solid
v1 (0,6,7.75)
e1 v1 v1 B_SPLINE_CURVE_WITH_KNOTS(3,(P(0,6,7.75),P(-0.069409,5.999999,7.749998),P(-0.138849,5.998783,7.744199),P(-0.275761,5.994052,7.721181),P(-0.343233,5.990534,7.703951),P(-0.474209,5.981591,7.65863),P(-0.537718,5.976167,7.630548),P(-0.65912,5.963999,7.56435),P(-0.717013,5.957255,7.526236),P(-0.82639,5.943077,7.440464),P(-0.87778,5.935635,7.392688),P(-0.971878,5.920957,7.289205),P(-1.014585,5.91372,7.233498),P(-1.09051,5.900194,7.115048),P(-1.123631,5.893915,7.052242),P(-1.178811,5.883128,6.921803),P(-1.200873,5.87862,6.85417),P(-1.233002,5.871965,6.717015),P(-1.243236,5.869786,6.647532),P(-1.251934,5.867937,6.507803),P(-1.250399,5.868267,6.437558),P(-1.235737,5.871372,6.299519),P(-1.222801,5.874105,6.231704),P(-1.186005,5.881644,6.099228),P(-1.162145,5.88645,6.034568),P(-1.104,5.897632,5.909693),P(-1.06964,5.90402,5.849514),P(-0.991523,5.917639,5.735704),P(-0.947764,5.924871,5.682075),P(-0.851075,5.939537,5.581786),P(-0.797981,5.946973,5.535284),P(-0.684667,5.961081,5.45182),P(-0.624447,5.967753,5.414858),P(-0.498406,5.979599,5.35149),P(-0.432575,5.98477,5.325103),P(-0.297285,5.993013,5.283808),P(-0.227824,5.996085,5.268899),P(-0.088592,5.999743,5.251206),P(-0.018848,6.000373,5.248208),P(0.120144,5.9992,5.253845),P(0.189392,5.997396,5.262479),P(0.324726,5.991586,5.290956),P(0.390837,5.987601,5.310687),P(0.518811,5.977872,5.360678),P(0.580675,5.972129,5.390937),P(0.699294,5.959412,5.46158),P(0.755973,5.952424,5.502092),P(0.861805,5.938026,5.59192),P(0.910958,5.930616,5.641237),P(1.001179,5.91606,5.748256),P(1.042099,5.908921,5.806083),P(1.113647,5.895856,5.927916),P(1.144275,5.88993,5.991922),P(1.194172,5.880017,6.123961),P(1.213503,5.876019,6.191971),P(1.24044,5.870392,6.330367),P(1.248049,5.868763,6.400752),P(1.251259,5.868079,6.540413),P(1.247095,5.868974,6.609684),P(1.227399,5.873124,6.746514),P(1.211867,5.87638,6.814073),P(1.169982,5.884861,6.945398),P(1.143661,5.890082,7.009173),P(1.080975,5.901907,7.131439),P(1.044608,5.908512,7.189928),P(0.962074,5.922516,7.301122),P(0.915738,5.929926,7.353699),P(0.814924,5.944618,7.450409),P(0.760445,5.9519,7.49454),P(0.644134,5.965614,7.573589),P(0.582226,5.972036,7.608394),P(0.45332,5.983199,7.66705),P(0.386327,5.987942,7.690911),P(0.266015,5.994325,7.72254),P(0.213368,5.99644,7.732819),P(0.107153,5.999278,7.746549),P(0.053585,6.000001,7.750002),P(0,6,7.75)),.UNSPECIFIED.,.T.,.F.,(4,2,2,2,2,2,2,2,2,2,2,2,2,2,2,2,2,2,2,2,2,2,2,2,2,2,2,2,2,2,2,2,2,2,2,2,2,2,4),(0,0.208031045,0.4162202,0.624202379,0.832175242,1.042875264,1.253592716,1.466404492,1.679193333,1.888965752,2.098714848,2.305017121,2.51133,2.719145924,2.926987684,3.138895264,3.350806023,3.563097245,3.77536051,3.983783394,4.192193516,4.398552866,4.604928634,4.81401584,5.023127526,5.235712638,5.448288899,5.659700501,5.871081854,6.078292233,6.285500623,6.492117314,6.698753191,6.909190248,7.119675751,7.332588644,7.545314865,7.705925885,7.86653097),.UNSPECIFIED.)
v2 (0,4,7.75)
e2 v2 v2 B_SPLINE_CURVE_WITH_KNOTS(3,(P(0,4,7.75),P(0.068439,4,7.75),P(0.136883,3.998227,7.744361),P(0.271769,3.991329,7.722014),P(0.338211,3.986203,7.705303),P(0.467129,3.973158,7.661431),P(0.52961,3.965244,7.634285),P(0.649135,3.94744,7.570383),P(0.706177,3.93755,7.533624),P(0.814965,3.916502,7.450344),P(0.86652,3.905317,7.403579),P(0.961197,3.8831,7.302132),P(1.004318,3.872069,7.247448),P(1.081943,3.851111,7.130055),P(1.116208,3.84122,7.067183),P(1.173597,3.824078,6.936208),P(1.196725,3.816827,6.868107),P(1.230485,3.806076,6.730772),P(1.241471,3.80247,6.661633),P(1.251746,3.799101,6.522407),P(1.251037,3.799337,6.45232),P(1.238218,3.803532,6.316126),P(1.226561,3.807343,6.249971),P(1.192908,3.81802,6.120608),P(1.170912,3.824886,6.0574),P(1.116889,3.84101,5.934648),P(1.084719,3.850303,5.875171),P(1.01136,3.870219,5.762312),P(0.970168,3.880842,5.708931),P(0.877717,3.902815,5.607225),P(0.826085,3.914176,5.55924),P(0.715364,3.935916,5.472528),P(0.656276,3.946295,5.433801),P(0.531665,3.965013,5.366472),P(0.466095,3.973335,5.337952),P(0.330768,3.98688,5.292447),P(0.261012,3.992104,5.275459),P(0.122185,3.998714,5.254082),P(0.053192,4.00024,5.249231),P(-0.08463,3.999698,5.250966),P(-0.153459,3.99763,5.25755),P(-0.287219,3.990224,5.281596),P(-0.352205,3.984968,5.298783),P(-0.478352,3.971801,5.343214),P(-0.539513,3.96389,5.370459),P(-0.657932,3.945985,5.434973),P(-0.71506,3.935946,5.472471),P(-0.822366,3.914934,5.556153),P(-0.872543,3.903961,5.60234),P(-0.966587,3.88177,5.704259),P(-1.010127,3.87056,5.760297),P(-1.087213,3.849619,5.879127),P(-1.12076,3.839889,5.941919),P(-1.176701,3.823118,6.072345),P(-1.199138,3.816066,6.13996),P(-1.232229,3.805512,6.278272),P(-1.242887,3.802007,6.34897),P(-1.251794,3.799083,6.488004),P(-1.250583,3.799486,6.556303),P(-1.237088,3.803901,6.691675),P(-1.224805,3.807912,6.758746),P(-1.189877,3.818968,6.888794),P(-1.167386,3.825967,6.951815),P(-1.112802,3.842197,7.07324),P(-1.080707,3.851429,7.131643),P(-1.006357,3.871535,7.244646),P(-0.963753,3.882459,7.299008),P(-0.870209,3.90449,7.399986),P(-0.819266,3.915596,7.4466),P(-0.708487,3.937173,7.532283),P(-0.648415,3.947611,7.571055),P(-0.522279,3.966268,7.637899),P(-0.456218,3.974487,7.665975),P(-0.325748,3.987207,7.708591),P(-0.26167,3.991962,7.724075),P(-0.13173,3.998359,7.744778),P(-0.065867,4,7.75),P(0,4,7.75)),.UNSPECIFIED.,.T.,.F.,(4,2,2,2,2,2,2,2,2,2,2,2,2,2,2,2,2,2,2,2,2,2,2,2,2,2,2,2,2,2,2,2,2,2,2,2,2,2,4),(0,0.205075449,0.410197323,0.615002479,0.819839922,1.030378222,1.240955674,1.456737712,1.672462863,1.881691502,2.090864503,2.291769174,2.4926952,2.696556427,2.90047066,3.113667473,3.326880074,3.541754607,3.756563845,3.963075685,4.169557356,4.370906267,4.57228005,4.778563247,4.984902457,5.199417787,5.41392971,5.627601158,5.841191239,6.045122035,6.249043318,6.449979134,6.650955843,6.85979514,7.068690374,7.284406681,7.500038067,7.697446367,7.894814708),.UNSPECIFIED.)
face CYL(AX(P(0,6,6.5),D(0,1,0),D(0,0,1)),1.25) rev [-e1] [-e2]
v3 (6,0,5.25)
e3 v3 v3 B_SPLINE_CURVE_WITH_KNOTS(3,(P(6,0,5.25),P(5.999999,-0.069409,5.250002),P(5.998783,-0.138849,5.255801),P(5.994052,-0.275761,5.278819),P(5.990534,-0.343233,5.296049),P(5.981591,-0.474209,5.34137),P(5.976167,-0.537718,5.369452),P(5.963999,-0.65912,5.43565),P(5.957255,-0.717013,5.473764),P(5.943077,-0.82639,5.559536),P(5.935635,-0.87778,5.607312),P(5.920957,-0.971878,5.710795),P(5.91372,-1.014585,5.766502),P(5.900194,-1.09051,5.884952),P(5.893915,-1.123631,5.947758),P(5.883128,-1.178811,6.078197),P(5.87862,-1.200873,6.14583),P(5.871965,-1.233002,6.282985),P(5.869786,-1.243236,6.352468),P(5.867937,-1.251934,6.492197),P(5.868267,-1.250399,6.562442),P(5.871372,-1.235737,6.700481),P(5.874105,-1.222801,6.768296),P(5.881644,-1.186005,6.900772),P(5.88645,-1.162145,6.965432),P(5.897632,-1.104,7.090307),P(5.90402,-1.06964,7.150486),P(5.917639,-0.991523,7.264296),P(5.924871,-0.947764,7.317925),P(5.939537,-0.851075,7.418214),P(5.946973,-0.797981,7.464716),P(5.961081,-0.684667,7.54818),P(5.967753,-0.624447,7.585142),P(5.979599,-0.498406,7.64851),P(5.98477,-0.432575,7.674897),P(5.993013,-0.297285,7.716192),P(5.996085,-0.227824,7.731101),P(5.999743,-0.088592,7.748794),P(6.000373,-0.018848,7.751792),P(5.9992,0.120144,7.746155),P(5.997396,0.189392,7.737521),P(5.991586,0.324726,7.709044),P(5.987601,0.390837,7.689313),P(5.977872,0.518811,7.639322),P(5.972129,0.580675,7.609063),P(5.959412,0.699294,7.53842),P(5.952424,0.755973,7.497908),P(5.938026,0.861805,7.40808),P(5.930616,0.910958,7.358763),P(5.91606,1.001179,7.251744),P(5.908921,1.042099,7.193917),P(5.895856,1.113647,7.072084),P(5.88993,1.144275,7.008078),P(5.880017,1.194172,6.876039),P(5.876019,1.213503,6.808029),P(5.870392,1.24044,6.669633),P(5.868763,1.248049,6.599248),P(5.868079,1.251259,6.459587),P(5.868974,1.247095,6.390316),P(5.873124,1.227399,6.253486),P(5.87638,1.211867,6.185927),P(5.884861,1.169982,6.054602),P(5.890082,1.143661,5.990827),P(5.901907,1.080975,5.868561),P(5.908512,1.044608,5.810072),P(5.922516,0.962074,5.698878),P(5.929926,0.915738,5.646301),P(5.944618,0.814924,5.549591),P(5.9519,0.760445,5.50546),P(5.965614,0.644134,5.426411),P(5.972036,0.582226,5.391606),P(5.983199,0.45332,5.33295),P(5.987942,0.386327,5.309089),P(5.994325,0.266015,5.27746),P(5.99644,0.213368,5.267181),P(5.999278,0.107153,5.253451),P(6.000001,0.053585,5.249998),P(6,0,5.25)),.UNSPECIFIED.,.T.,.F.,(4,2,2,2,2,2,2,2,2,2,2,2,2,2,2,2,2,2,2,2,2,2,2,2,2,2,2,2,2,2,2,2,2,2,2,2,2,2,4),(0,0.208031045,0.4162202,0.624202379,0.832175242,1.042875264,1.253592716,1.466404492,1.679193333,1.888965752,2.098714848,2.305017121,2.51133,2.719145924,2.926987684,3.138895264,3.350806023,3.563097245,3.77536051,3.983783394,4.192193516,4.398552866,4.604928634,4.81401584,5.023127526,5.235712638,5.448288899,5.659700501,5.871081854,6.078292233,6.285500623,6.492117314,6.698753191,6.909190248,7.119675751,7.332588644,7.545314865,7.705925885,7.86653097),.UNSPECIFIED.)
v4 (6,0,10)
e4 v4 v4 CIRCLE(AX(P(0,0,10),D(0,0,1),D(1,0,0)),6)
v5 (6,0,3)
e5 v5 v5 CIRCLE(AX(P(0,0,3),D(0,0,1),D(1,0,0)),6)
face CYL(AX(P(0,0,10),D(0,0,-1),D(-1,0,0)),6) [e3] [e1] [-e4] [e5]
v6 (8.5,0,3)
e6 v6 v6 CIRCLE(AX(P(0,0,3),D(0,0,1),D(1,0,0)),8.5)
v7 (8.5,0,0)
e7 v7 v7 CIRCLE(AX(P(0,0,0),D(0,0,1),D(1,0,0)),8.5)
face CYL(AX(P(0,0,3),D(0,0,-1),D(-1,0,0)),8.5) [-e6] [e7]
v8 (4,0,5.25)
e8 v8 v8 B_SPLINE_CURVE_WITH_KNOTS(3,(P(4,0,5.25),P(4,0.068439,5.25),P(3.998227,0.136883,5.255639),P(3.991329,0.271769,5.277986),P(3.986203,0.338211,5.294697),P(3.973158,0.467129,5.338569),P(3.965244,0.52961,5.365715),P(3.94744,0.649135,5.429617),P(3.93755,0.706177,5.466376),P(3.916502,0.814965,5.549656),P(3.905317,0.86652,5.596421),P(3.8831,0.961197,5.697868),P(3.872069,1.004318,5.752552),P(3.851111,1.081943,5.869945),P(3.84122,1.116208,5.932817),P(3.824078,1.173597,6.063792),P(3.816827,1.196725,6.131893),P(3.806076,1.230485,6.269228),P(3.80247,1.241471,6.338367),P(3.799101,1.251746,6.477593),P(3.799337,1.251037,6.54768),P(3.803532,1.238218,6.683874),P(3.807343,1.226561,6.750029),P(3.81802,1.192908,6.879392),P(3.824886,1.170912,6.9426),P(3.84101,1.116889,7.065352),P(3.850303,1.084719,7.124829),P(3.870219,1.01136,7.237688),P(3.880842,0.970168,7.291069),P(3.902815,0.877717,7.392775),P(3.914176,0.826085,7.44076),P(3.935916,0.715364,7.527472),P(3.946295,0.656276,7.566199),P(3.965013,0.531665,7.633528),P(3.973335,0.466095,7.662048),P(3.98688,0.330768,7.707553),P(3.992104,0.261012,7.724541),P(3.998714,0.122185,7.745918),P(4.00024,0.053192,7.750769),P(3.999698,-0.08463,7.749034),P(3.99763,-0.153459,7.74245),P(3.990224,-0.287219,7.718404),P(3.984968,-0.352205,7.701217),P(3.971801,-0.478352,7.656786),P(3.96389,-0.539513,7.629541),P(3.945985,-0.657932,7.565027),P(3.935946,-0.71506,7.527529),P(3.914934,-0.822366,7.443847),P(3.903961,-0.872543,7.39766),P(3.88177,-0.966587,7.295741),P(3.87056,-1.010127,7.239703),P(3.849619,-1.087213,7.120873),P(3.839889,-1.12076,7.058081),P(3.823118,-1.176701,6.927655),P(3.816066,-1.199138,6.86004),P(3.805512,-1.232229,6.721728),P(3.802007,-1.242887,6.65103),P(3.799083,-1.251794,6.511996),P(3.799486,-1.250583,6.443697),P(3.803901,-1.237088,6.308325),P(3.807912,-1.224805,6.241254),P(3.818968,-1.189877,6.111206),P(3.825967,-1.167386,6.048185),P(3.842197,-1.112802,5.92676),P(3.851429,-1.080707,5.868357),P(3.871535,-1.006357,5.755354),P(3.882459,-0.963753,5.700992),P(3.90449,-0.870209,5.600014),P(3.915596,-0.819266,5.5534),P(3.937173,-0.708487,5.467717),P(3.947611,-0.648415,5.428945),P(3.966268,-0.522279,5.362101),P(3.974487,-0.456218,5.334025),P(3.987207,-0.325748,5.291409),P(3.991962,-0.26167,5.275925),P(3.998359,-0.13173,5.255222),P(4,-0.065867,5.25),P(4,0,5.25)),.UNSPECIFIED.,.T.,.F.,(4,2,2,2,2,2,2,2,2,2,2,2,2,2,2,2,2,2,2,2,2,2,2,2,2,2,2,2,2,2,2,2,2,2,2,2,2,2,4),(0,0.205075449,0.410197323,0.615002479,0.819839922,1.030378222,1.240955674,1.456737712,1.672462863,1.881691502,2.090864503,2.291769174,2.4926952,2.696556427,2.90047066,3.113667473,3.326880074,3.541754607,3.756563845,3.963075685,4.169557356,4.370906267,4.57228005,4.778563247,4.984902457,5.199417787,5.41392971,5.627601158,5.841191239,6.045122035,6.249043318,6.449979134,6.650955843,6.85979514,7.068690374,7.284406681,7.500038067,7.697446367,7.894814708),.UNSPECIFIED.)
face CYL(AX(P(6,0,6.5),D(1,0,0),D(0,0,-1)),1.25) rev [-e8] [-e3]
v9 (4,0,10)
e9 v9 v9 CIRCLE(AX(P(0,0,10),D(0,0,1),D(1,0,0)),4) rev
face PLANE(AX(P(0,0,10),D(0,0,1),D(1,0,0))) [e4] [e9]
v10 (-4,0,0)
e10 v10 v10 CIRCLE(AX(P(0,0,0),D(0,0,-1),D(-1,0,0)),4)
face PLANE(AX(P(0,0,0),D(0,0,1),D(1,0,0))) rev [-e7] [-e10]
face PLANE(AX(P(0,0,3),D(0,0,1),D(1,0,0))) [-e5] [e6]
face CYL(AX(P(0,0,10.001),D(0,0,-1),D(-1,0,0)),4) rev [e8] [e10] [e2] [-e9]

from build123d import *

# Parameters (mm, degrees)
SKETCH_1_R                       = 8.5
EXTRUDE_1_DEPTH                  = 3
SKETCH_2_R                       = 6
EXTRUDE_2_DEPTH                  = 7
CUT_EXTRUDE_1_REACH              = 17.636
SKETCH_3_R                       = 4
HOLE_WIZARD_M3_1_REACH           = 20.021
HOLE_WIZARD_M3_1_BORE_R          = 1.25
HOLE_WIZARD_M3_1_ON_FACE_2_REACH = 20.021
HOLE_WIZARD_M3_1_BORE_2_R        = 1.25


with BuildPart() as part:
    # 스케치1 → 보스-돌출1 (new body)
    with BuildSketch(Plane.XY):
        Circle(SKETCH_1_R)
    extrude(amount=EXTRUDE_1_DEPTH)

    # 스케치2 → 보스-돌출2 (add)
    with BuildSketch(Plane.XY.offset(3)):
        Circle(SKETCH_2_R)
    extrude(amount=EXTRUDE_2_DEPTH)

    # 스케치3 → 컷-돌출1 (cut, up to next)
    with BuildSketch(Plane(origin=(0, 0, 0), x_dir=(-1, 0, 0), z_dir=(0, 0, -1)), mode=Mode.PRIVATE) as cut_extrude_1_sk1:
        Circle(SKETCH_3_R)
    cut_extrude_1_tool1 = extrude(cut_extrude_1_sk1.sketch, amount=-CUT_EXTRUDE_1_REACH, mode=Mode.PRIVATE) & part.part
    add(cut_extrude_1_tool1.solids().sort_by_distance((0, 0, 0))[0], mode=Mode.SUBTRACT)

    # M3 나사 구멍1 bore (on position points) → M3 나사 구멍1 (cut, up to next)
    with BuildSketch(Plane(origin=(0, 6, 6.5), x_dir=(1, 0, 0), z_dir=(0, 1, 0)), mode=Mode.PRIVATE) as hole_wizard_m3_1_sk1:
        Circle(HOLE_WIZARD_M3_1_BORE_R)
    hole_wizard_m3_1_tool1 = extrude(hole_wizard_m3_1_sk1.sketch, amount=-HOLE_WIZARD_M3_1_REACH, mode=Mode.PRIVATE) & part.part
    add(hole_wizard_m3_1_tool1.solids().sort_by_distance((0, 6, 6.5))[0], mode=Mode.SUBTRACT)

    # M3 나사 구멍1 bore 2 (on position points) → M3 나사 구멍1 on face 2 (cut, up to next)
    with BuildSketch(Plane(origin=(6, 0, 6.5), x_dir=(0, 0, 1), z_dir=(1, 0, 0)), mode=Mode.PRIVATE) as hole_wizard_m3_1_on_face_2_sk1:
        Circle(HOLE_WIZARD_M3_1_BORE_2_R)
    hole_wizard_m3_1_on_face_2_tool1 = extrude(hole_wizard_m3_1_on_face_2_sk1.sketch, amount=-HOLE_WIZARD_M3_1_ON_FACE_2_REACH, mode=Mode.PRIVATE) & part.part
    add(hole_wizard_m3_1_on_face_2_tool1.solids().sort_by_distance((6, 0, 6.5))[0], mode=Mode.SUBTRACT)


solid = part.part
